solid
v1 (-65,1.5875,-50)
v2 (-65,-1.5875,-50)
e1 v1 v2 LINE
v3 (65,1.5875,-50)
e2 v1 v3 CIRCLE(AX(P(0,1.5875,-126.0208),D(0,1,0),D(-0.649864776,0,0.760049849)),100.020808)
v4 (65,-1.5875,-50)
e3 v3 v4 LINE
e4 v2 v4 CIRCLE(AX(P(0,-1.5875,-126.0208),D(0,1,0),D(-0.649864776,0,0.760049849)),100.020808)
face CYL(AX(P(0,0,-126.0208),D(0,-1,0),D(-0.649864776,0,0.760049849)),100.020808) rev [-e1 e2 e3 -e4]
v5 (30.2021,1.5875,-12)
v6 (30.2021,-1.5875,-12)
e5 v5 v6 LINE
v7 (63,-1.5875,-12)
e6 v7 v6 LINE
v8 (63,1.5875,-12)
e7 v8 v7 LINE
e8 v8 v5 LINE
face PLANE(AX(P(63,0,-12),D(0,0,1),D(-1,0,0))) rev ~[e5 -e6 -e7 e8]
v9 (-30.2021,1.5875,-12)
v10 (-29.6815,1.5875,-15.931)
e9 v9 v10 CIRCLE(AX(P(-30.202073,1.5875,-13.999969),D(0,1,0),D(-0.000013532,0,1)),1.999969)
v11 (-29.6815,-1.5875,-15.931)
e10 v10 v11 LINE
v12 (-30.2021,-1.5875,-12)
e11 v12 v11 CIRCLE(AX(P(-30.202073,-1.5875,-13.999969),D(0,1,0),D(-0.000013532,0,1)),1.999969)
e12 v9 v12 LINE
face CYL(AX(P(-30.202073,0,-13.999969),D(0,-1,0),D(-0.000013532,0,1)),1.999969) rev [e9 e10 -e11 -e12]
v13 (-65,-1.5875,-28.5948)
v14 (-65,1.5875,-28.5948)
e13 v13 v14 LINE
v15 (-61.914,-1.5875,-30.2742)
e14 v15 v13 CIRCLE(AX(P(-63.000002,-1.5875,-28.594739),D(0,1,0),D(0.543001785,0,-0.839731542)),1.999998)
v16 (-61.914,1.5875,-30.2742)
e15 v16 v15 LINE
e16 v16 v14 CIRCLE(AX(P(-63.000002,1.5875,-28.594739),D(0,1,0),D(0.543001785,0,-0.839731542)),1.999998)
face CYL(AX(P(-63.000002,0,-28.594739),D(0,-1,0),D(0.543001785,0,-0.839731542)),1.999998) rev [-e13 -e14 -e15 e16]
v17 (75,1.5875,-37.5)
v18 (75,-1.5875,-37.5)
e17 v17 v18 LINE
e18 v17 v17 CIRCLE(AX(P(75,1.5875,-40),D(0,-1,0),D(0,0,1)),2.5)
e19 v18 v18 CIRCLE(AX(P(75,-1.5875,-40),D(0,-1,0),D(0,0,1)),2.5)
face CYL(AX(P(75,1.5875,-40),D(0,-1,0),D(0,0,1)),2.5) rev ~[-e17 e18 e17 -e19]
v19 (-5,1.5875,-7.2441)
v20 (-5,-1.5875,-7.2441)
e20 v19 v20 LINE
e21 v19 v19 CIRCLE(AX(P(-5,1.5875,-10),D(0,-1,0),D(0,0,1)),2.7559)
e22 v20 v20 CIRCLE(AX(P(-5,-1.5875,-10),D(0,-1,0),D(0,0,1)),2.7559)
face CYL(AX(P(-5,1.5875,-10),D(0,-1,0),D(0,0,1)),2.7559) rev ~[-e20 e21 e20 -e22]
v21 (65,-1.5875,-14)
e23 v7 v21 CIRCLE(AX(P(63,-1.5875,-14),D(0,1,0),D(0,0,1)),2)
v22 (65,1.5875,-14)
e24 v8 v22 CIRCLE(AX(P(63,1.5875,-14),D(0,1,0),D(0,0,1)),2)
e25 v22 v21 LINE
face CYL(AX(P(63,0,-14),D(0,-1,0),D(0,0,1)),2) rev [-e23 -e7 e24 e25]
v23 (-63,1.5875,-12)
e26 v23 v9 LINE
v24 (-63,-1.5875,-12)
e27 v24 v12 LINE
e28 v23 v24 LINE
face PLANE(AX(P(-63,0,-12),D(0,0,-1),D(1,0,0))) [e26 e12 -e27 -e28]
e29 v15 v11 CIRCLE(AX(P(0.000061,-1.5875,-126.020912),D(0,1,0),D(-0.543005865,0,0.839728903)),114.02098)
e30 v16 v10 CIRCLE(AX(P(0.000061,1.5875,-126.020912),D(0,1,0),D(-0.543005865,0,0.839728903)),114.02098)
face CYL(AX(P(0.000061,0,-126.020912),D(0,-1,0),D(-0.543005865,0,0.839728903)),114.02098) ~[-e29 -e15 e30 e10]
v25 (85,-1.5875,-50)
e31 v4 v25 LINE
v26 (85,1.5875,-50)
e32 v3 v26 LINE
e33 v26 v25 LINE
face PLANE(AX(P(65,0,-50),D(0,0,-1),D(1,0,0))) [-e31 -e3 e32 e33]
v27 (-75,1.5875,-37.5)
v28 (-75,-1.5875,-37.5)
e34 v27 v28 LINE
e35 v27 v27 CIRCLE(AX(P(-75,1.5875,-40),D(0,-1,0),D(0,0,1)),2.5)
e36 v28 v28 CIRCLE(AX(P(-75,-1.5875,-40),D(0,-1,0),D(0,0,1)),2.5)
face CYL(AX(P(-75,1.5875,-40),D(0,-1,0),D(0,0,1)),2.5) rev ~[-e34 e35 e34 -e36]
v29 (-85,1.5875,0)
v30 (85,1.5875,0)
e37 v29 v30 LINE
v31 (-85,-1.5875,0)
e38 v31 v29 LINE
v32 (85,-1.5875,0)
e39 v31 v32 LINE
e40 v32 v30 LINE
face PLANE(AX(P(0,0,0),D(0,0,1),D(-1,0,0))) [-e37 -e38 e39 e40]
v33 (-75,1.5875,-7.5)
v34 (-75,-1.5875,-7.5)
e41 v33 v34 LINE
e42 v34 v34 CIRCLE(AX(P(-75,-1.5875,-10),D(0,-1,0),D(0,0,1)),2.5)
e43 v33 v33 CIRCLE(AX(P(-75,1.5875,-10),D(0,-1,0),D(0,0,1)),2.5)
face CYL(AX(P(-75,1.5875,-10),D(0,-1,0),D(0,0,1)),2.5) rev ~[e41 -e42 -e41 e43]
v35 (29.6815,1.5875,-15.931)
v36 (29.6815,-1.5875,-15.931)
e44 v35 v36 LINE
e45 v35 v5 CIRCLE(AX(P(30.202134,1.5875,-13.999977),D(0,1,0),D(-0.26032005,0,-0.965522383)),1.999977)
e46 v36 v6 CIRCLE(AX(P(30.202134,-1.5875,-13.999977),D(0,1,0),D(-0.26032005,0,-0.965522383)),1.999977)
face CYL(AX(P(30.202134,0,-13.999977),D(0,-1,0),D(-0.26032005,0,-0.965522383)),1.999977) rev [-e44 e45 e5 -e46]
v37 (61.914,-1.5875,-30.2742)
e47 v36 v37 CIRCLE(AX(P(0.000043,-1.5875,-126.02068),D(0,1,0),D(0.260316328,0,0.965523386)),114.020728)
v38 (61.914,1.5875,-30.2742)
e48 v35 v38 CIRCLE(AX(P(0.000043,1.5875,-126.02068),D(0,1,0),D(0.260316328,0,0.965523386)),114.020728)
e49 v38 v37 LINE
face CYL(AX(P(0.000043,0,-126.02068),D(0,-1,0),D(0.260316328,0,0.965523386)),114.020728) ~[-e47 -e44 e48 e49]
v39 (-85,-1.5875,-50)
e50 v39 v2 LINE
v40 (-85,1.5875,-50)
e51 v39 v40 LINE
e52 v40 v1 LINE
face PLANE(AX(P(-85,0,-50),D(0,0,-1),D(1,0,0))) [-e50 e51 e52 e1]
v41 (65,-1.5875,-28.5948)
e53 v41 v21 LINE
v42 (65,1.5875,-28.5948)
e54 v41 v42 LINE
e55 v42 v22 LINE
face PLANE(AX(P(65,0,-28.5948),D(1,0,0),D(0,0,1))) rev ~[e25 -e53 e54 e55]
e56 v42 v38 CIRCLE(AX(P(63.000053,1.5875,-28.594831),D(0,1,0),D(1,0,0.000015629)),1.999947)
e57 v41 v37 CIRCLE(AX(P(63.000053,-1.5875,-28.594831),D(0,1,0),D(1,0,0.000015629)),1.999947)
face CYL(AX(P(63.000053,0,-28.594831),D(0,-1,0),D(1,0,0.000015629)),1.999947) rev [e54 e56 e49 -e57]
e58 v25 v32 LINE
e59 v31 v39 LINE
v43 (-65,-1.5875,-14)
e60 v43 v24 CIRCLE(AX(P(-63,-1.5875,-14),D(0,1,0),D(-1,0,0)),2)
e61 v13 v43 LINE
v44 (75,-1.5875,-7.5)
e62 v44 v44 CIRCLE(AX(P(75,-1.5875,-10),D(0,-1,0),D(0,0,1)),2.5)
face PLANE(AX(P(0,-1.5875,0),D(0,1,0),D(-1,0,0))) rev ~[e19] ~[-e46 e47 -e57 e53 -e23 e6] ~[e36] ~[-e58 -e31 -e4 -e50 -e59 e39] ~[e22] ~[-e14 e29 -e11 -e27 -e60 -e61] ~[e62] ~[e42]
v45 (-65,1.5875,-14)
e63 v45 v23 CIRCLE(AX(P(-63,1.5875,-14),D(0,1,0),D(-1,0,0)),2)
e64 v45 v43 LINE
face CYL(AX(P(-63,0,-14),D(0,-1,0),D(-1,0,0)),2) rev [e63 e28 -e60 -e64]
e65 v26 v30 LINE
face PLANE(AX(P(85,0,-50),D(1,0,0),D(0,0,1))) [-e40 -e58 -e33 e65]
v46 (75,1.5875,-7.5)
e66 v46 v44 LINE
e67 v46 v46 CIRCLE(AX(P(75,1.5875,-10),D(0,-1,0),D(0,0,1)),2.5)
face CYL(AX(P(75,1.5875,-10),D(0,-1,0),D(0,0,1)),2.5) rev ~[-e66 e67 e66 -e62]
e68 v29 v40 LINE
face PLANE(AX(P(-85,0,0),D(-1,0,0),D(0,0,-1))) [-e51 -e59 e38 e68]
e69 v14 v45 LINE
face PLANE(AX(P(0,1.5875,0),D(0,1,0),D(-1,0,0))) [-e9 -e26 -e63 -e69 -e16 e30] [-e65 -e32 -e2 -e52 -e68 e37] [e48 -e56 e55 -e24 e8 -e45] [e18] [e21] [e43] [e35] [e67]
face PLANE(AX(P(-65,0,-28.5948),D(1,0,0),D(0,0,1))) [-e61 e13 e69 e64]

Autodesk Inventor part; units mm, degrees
ref_plane "YZ Plane" through (0, 0, 0) normal (1, 0, 0) x (0, 1, 0)
ref_plane "XZ Plane" through (0, 0, 0) normal (0, 1, 0) x (-1, 0, 0)
ref_plane "XY Plane" through (0, 0, 0) normal (0, 0, 1) x (1, 0, 0)
sketch "Sketch1" plane through (0, 0, 0) normal (0, 1, 0) x (-1, 0, 0)
  line L0 (85, -50) -> (65, -50)
  line L1 (-85, -50) -> (-85, 0)
  line L2 (-85, 0) -> (85, 0)
  line L3 (85, 0) -> (85, -50)
  line L4 (85, -50) -> (-85, 0) construction
  line L5 (-85, -50) -> (85, 0) construction
  arc A0 (65, -50) -> (-65, -50) centre (0, -126.0208) ccw
  line L6 (65, -50) -> (-65, -50) construction
  line L7 (-65, -50) -> (-85, -50)
  line L8 (65, -28.5948) -> (65, -14)
  line L9 (63, -12) -> (30.2021, -12)
  arc A1 (61.914, -30.2742) -> (29.6815, -15.931) centre (0, -126.0208) ccw
  line L10 (0, 0) -> (0, -25)
  arc A2 (30.2021, -12) -> (29.6815, -15.931) centre (30.2021, -14) ccw
  arc A3 (65, -14) -> (63, -12) centre (63, -14) ccw
  arc A4 (61.914, -30.2742) -> (65, -28.5948) centre (63, -28.5948) ccw
  line L11 (-65, -28.5948) -> (-65, -14)
  line L12 (-63, -12) -> (-30.2021, -12)
  arc A5 (-29.6815, -15.931) -> (-61.914, -30.2742) centre (0, -126.0208) ccw
  arc A6 (-29.6815, -15.931) -> (-30.2021, -12) centre (-30.2021, -14) ccw
  arc A7 (-63, -12) -> (-65, -14) centre (-63, -14) ccw
  arc A8 (-65, -28.5948) -> (-61.914, -30.2742) centre (-63, -28.5948) ccw
  point P0 (0, -25)
  point P1 (0, -25)
  point P2 (65, -32.3419)
  point P3 (0, -12)
  dimension "d0" = 170
  dimension "d1" = 50
  dimension "d2" = 26
  dimension "d3" = 20
  dimension "d4" = 12
  dimension "d5" = 20
  dimension "d6" = 2
extrude "Extrusion1" add sketch "Sketch1" along normal mid plane 3.175
sketch "Sketch2" plane through (0, 1.5875, 0) normal (0, 1, 0) x (1, 0, 0)
  line L0 (-85, 0) -> (85, 0) projected
  line L1 (-85, 50) -> (-85, 0) projected
  line L2 (-65, 50) -> (-85, 50) projected
  line L3 (0, 0) -> (0, 15.0505)
  point P0 (-75, 10)
  point P1 (-75, 40)
  point P2 (75, 10)
  point P3 (75, 40)
  dimension "d9" = 10
  dimension "d10" = 10
  dimension "d11" = 10
hole "Hole1" at (-75, 1.5875, -10) at (-75, 1.5875, -40) at (75, 1.5875, -40) at (75, 1.5875, -10) direction (0, -1, 0) diameter 5 end through all clearance for "Flat Head Machine Screw" size "M5" standard "Ansi Metric M Profile"
sketch "Sketch4" plane through (0, 1.5875, 0) normal (0, 1, 0) x (1, 0, 0)
  line L0 (-85, 50) -> (-85, 0) projected
  arc A0 (-30.2021, 12) -> (-29.6815, 15.931) centre (-30.2021, 14) ccw projected
  line L1 (-85, 0) -> (85, 0) projected
  point P0 (0, 0)
  point P1 (-5, 10)
  dimension "d29" = 80
  dimension "d37" = 10
hole "Hole3" at (-5, 1.5875, -10) direction (0, -1, 0) diameter 5.5118 depth 14.2 tip angle 118 clearance for "Socket Head Cap Screw" size "M5" standard "Ansi Metric M Profile"
properties part number "Upper Cross Bracket" material "Aluminum 6061"
